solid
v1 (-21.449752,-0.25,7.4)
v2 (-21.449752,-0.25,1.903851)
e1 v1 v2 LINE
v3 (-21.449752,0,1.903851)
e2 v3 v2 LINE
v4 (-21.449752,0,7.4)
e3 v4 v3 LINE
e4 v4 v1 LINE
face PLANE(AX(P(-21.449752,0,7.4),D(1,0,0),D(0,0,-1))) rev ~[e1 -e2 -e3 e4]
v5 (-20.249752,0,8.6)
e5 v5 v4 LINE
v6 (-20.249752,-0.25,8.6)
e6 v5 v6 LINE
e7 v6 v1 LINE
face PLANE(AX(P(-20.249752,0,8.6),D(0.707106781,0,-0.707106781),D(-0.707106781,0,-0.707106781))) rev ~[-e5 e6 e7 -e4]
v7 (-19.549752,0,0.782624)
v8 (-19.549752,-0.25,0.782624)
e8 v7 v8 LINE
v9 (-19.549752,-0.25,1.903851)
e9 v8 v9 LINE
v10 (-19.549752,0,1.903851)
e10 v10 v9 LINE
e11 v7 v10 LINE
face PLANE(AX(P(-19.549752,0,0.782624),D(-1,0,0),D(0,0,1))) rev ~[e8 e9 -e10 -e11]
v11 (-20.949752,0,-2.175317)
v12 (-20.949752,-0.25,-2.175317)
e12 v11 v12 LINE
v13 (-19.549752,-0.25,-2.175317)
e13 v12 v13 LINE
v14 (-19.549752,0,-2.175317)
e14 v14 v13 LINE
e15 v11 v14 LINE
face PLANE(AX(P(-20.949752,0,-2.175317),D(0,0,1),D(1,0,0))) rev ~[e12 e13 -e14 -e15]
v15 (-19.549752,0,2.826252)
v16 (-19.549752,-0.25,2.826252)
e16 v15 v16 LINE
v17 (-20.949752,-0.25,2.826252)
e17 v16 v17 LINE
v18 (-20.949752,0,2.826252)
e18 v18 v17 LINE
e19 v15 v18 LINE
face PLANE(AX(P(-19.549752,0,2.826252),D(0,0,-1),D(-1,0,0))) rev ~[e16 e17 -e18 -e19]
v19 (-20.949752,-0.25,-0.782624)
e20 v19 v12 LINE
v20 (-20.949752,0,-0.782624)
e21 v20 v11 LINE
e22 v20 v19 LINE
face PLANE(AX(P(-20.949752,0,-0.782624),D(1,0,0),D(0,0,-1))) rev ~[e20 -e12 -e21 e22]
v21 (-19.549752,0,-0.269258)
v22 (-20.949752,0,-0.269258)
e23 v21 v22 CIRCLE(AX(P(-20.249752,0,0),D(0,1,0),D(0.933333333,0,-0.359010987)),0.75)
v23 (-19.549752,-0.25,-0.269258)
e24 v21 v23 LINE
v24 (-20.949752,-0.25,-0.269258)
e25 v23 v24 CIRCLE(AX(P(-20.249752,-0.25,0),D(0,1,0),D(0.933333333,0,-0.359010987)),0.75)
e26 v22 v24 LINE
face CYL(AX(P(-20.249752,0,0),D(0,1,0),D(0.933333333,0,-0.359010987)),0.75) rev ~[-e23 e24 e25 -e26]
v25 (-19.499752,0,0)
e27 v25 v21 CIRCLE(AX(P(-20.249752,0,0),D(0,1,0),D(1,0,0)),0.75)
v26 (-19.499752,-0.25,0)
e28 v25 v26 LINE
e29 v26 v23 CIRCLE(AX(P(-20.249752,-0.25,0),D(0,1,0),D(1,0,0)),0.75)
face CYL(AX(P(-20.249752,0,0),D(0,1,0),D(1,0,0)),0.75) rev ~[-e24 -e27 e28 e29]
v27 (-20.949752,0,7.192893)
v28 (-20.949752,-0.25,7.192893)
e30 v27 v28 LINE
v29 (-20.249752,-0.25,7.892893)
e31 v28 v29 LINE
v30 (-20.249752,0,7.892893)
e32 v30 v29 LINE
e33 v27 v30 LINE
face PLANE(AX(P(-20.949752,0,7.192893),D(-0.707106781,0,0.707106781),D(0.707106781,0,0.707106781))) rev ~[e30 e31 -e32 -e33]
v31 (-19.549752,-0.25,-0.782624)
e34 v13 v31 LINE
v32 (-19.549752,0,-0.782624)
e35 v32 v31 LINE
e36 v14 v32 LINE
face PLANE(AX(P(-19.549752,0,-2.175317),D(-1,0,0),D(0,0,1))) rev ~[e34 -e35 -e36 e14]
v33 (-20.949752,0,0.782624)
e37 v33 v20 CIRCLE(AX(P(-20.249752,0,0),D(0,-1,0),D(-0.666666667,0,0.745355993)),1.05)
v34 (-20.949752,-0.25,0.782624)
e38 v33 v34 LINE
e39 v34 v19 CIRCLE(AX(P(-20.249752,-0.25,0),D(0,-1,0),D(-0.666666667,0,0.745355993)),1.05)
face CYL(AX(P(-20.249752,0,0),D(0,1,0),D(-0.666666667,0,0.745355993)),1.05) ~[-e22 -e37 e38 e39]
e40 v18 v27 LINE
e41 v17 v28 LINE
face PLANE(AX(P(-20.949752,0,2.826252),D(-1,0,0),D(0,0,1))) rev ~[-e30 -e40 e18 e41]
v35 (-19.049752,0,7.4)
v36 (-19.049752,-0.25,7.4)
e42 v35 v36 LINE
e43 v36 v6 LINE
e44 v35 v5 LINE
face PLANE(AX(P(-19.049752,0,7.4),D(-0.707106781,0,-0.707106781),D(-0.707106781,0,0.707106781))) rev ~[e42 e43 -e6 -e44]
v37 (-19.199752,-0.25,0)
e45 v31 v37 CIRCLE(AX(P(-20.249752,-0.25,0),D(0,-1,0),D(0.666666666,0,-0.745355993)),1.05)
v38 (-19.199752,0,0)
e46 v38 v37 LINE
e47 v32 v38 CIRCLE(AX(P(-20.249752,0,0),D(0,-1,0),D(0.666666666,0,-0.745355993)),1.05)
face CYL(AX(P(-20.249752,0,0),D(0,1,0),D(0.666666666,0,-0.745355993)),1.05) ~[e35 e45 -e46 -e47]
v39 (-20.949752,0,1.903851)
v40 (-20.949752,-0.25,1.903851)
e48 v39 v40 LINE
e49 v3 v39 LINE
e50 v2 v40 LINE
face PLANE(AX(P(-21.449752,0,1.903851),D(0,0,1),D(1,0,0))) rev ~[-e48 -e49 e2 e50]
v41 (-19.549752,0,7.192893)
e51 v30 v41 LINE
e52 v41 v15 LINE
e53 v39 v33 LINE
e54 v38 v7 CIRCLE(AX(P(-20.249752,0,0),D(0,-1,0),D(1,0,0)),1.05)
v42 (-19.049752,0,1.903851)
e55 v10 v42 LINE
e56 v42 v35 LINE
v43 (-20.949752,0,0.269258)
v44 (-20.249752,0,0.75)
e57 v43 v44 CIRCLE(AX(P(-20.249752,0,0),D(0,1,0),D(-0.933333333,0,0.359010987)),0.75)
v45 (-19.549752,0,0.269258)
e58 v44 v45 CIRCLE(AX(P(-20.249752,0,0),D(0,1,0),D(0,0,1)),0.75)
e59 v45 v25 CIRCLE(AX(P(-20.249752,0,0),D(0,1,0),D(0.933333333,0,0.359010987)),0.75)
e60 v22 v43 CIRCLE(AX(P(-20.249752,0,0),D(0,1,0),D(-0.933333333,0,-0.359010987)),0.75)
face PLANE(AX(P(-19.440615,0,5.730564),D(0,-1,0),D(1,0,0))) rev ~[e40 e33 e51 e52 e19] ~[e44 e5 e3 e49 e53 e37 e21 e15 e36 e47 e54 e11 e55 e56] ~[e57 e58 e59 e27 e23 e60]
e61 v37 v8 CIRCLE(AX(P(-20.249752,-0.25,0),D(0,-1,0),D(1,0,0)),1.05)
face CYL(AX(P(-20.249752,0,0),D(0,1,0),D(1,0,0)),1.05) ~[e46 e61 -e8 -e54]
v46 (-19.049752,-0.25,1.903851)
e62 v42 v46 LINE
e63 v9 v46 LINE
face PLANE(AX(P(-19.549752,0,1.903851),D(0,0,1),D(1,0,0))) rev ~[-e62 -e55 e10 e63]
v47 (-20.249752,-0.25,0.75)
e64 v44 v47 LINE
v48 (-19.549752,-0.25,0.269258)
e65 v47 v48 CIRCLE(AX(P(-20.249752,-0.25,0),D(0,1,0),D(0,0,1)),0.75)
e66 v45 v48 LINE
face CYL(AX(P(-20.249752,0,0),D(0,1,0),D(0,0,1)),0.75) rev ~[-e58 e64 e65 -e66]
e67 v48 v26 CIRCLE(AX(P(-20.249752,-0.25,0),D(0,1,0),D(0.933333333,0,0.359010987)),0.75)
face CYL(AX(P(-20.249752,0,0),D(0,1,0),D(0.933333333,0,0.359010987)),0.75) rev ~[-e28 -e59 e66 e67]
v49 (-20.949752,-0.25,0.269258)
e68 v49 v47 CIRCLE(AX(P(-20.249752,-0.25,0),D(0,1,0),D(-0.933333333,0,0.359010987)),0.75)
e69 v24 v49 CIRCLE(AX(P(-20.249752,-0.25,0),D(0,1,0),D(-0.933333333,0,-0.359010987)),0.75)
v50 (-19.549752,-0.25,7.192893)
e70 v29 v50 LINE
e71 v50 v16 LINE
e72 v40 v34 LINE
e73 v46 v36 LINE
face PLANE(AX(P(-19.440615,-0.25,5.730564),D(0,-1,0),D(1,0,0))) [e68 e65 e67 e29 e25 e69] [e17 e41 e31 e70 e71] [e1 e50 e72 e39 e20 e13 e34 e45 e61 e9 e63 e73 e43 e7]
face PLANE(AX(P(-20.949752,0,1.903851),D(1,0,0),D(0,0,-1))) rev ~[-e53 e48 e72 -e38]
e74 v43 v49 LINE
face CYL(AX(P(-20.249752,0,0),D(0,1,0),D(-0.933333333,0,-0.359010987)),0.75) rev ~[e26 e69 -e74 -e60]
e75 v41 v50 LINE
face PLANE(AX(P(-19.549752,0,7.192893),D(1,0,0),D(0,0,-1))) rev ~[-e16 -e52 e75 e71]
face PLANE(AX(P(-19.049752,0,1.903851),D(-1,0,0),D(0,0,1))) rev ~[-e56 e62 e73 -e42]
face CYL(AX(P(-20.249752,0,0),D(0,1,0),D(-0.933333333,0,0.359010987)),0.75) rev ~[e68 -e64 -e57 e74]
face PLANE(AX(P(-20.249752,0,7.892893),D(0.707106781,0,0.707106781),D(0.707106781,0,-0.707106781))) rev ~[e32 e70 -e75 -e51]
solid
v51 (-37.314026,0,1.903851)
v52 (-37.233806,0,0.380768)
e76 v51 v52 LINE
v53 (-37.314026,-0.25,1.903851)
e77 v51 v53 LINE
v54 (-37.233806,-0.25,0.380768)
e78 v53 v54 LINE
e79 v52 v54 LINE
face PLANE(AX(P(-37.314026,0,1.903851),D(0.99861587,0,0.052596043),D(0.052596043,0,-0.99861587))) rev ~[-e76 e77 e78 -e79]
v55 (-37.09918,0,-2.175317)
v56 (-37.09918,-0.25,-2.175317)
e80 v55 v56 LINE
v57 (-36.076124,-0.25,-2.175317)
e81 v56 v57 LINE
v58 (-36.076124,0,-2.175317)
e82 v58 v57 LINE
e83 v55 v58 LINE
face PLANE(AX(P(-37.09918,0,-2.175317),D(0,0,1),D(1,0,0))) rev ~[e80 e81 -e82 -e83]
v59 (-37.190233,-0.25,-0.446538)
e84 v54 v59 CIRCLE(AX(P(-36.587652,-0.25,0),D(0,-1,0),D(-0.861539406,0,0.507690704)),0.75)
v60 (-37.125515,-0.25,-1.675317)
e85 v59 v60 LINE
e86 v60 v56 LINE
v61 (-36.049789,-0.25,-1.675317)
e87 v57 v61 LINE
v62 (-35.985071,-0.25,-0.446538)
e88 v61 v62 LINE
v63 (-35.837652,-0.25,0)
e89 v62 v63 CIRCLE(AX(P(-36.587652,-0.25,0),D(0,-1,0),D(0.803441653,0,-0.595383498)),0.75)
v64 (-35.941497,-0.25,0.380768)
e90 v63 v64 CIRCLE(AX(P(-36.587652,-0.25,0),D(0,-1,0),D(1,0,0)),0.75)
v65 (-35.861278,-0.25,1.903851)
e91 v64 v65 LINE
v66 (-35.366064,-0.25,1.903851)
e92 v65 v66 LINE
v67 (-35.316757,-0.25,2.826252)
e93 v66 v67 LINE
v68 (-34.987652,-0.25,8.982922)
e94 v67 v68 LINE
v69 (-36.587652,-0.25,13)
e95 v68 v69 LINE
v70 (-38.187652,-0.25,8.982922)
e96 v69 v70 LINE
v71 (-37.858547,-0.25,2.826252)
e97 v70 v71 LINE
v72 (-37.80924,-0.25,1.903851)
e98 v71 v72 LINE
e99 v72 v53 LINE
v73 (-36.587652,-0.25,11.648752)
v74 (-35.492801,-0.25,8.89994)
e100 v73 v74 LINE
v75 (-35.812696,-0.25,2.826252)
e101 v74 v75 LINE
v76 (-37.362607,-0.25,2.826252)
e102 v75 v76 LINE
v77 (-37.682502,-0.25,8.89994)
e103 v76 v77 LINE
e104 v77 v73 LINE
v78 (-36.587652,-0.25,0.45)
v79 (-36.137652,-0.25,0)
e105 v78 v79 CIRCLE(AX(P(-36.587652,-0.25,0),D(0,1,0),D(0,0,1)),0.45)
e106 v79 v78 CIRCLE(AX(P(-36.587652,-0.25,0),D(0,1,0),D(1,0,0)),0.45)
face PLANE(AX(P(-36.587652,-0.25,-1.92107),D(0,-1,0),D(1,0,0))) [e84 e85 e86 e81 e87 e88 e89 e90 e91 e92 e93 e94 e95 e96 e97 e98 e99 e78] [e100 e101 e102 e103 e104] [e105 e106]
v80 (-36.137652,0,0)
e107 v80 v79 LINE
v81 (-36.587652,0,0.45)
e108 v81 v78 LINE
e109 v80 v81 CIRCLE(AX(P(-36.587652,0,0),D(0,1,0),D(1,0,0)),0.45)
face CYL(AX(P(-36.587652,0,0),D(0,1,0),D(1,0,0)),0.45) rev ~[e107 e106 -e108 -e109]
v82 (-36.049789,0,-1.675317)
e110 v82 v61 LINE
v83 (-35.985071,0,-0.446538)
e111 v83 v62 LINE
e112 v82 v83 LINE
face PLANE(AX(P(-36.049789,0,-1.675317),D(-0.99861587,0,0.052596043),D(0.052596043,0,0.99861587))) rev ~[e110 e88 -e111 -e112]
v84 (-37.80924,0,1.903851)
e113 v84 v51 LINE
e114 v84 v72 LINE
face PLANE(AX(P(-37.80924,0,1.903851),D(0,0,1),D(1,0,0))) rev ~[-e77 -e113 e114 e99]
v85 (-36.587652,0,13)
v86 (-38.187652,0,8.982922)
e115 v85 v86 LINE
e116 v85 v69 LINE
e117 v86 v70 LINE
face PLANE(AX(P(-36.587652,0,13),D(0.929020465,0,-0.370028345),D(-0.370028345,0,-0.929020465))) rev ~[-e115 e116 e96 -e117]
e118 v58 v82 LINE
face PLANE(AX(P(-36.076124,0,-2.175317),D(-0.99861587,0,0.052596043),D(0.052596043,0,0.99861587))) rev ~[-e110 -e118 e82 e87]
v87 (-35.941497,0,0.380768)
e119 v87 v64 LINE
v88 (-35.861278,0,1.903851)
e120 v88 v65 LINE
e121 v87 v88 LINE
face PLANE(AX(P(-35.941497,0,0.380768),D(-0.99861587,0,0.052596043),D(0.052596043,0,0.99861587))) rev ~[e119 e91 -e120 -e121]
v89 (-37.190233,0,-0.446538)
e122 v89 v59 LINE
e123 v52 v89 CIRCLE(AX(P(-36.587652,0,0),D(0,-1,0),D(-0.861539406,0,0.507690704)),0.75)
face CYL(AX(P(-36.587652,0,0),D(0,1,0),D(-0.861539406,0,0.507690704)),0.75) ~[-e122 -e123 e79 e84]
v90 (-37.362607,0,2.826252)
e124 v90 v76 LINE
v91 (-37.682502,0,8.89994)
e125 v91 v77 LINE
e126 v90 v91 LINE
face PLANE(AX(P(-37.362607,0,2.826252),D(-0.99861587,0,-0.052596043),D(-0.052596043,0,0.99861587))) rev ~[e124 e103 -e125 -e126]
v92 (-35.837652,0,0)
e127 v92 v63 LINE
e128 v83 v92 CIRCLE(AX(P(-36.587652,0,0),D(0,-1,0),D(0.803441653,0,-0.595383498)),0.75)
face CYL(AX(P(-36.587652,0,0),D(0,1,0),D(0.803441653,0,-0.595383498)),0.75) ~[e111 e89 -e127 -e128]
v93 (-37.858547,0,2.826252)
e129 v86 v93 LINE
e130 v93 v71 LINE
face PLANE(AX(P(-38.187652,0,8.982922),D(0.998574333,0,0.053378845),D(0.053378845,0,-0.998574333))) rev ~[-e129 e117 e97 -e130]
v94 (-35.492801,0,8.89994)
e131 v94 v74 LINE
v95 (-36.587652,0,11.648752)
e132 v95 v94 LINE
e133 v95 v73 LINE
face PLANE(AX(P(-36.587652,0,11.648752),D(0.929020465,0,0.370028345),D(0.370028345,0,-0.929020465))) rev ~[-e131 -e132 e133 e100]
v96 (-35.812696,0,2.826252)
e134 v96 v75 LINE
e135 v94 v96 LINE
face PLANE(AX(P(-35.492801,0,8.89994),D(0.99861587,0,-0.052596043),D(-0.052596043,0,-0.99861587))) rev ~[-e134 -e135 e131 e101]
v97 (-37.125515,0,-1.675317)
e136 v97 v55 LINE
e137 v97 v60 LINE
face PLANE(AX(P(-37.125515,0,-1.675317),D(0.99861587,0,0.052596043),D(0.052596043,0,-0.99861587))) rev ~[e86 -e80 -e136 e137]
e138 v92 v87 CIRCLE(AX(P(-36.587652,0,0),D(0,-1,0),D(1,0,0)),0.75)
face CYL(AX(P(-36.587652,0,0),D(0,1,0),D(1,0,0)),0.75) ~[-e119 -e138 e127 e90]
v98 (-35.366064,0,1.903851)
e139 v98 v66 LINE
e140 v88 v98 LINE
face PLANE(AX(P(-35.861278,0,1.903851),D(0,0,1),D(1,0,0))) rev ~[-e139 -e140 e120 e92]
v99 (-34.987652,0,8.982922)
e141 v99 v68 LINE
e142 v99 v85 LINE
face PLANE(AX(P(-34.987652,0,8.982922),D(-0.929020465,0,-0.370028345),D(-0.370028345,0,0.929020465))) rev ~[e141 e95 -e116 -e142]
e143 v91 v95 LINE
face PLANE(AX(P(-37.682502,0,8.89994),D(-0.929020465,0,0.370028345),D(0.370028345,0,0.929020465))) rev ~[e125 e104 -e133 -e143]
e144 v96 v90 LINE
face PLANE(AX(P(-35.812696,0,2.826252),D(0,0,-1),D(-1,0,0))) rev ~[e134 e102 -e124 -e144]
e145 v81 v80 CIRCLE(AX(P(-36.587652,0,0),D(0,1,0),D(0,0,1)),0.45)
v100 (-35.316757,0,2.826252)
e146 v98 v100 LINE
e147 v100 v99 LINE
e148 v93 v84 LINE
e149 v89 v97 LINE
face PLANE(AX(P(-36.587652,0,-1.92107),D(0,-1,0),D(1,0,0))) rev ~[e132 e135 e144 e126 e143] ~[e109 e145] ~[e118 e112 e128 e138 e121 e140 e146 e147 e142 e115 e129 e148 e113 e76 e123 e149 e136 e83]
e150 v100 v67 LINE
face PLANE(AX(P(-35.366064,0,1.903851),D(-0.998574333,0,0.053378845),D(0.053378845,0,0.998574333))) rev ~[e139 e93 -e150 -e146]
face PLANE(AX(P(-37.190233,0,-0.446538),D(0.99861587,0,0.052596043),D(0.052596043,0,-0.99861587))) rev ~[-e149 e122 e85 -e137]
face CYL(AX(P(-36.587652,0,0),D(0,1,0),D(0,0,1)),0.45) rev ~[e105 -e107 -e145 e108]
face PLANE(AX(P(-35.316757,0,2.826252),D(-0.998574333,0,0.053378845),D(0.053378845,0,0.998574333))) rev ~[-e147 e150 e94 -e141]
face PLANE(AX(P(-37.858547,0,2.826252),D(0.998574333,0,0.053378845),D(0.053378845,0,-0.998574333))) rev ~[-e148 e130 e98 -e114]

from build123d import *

# Parameters (mm, degrees)
F1_DEPTH = 0.25
F0_W     = 1.4
F0_H     = 0.5
F0_W_2   = 0.5
F0_H_2   = 0.9224010788
F0_W_3   = 0.7


with BuildPart() as f1:
    # F0 (on Front) → F1 (new body)
    with BuildSketch(Plane.XZ):
        Polygon((-37.0991800716, -2.1753170716), (-36.0761235664, -2.1753170716), (-36.0497890945, -1.6753170716), (-37.1255145435, -1.6753170716), align=None)
        Polygon((-34.987651819, 8.9829219505), (-36.587651819, 13), (-36.587651819, 11.6487521661), (-35.4928014695, 8.8999400996), (-35.8126961933, 2.8262522461), (-35.316756933, 2.8262522461), align=None)
        Polygon((-36.587651819, 11.6487521661), (-36.587651819, 13), (-38.187651819, 8.9829219505), (-37.858546705, 2.8262522461), (-37.3626074446, 2.8262522461), (-37.6825021685, 8.8999400996), align=None)
        with BuildLine():
            ThreePointArc((-35.941497264, 0.380768028), (-36.2155470091, 0.6511820103), (-36.587651819, 0.75))
            ThreePointArc((-36.587651819, 0.75), (-36.9597566288, 0.6511820103), (-37.2338063739, 0.380768028))
            ThreePointArc((-37.2338063739, 0.380768028), (-37.3366137217, -0.0394470323), (-37.1902330591, -0.4465376233))
            ThreePointArc((-37.1902330591, -0.4465376233), (-36.587651819, -0.75), (-35.9850705789, -0.4465376233))
            ThreePointArc((-35.9850705789, -0.4465376233), (-35.8754594538, -0.2351213196), (-35.837651819, 0))
            ThreePointArc((-35.837651819, 0), (-35.8640787694, 0.1973373809), (-35.941497264, 0.380768028))
        make_face()
        with BuildLine():
            ThreePointArc((-36.137651819, 0), (-36.9058498705, -0.3181980515), (-36.587651819, 0.45))
            ThreePointArc((-36.587651819, 0.45), (-36.2694537675, 0.3181980515), (-36.137651819, 0))
        make_face(mode=Mode.SUBTRACT)
        with BuildLine():
            Line((-37.1902330591, -0.4465376233), (-37.1255145435, -1.6753170716))
            Line((-37.1255145435, -1.6753170716), (-36.0497890945, -1.6753170716))
            Line((-36.0497890945, -1.6753170716), (-35.9850705789, -0.4465376233))
            ThreePointArc((-35.9850705789, -0.4465376233), (-36.587651819, -0.75), (-37.1902330591, -0.4465376233))
        make_face()
        with BuildLine():
            Line((-35.8612780839, 1.9038511673), (-36.587651819, 1.9038511673))
            Line((-36.587651819, 1.9038511673), (-36.587651819, 0.75))
            ThreePointArc((-36.587651819, 0.75), (-36.2155470091, 0.6511820103), (-35.941497264, 0.380768028))
            Line((-35.941497264, 0.380768028), (-35.8612780839, 1.9038511673))
        make_face()
        with BuildLine():
            Line((-36.587651819, 0.75), (-36.587651819, 1.9038511673))
            Line((-36.587651819, 1.9038511673), (-37.3140255541, 1.9038511673))
            Line((-37.3140255541, 1.9038511673), (-37.2338063739, 0.380768028))
            ThreePointArc((-37.2338063739, 0.380768028), (-36.9597566288, 0.6511820103), (-36.587651819, 0.75))
        make_face()
        Polygon((-37.3626074446, 2.8262522461), (-37.858546705, 2.8262522461), (-37.8092397051, 1.9038511673), (-37.3140255541, 1.9038511673), align=None)
        Polygon((-36.587651819, 1.9038511673), (-36.587651819, 2.8262522461), (-37.3626074446, 2.8262522461), (-37.3140255541, 1.9038511673), align=None)
        Polygon((-35.8126961933, 2.8262522461), (-36.587651819, 2.8262522461), (-36.587651819, 1.9038511673), (-35.8612780839, 1.9038511673), align=None)
        Polygon((-35.3660639329, 1.9038511673), (-35.316756933, 2.8262522461), (-35.8126961933, 2.8262522461), (-35.8612780839, 1.9038511673), align=None)
    extrude(amount=F1_DEPTH)


with BuildPart() as f1b:
    # F0 (on Front) → F1, piece 2 (new body)
    with BuildSketch(Plane.XZ):
        Polygon((-19.0497518182, 7.4), (-20.2497518182, 8.6), (-20.2497518182, 7.8928932188), (-19.5497518182, 7.1928932188), (-19.5497518182, 2.8262522461), (-19.0497518182, 2.8262522461), align=None)
        Polygon((-21.4497518182, 7.4), (-21.4497518182, 2.8262522461), (-20.9497518182, 2.8262522461), (-20.9497518182, 7.1928932188), (-20.2497518182, 7.8928932188), (-20.2497518182, 8.6), align=None)
        with BuildLine():
            ThreePointArc((-19.5497518182, 0.7826237921), (-19.8750886239, 0.9808809769), (-20.2497518182, 1.05))
            Line((-20.2497518182, 1.05), (-20.2497518182, 0.75))
            ThreePointArc((-20.2497518182, 0.75), (-19.8251600615, 0.618240924), (-19.5497518182, 0.2692582404))
            Line((-19.5497518182, 0.2692582404), (-19.5497518182, 0.7826237921))
        make_face()
        with BuildLine():
            ThreePointArc((-20.2497518182, 1.05), (-20.6244150124, 0.9808809769), (-20.9497518182, 0.7826237921))
            Line((-20.9497518182, 0.7826237921), (-20.9497518182, 0.2692582404))
            ThreePointArc((-20.9497518182, 0.2692582404), (-20.6743435749, 0.618240924), (-20.2497518182, 0.75))
            Line((-20.2497518182, 0.75), (-20.2497518182, 1.05))
        make_face()
        with BuildLine():
            Line((-20.9497518182, 0.2692582404), (-20.9497518182, 0.7826237921))
            ThreePointArc((-20.9497518182, 0.7826237921), (-21.2997518182, 0), (-20.9497518182, -0.7826237921))
            Line((-20.9497518182, -0.7826237921), (-20.9497518182, -0.2692582404))
            ThreePointArc((-20.9497518182, -0.2692582404), (-20.9997518182, 0), (-20.9497518182, 0.2692582404))
        make_face()
        with BuildLine():
            Line((-20.9497518182, -0.2692582404), (-20.9497518182, -0.7826237921))
            ThreePointArc((-20.9497518182, -0.7826237921), (-20.2497518182, -1.05), (-19.5497518182, -0.7826237921))
            Line((-19.5497518182, -0.7826237921), (-19.5497518182, -0.2692582404))
            ThreePointArc((-19.5497518182, -0.2692582404), (-20.2497518182, -0.75), (-20.9497518182, -0.2692582404))
        make_face()
        with BuildLine():
            Line((-19.5497518182, -0.2692582404), (-19.5497518182, -0.7826237921))
            ThreePointArc((-19.5497518182, -0.7826237921), (-19.2912373425, -0.428660705), (-19.1997518182, 0))
            ThreePointArc((-19.1997518182, 0), (-19.2912373425, 0.428660705), (-19.5497518182, 0.7826237921))
            Line((-19.5497518182, 0.7826237921), (-19.5497518182, 0.2692582404))
            ThreePointArc((-19.5497518182, 0.2692582404), (-19.512357758, 0.1369306394), (-19.4997518182, 0))
            ThreePointArc((-19.4997518182, 0), (-19.512357758, -0.1369306394), (-19.5497518182, -0.2692582404))
        make_face()
        with Locations((-20.2497518182, -1.9253170716)):
            Rectangle(F0_W, F0_H)
        with BuildLine():
            Line((-20.9497518182, -0.7826237921), (-20.9497518182, -1.6753170716))
            Line((-20.9497518182, -1.6753170716), (-19.5497518182, -1.6753170716))
            Line((-19.5497518182, -1.6753170716), (-19.5497518182, -0.7826237921))
            ThreePointArc((-19.5497518182, -0.7826237921), (-20.2497518182, -1.05), (-20.9497518182, -0.7826237921))
        make_face()
        with BuildLine():
            Line((-19.5497518182, 1.9038511673), (-20.2497518182, 1.9038511673))
            Line((-20.2497518182, 1.9038511673), (-20.2497518182, 1.05))
            ThreePointArc((-20.2497518182, 1.05), (-19.8750886239, 0.9808809769), (-19.5497518182, 0.7826237921))
            Line((-19.5497518182, 0.7826237921), (-19.5497518182, 1.9038511673))
        make_face()
        with BuildLine():
            Line((-20.2497518182, 1.9038511673), (-20.9497518182, 1.9038511673))
            Line((-20.9497518182, 1.9038511673), (-20.9497518182, 0.7826237921))
            ThreePointArc((-20.9497518182, 0.7826237921), (-20.6244150124, 0.9808809769), (-20.2497518182, 1.05))
            Line((-20.2497518182, 1.05), (-20.2497518182, 1.9038511673))
        make_face()
        with Locations((-21.1997518182, 2.3650517067)):
            Rectangle(F0_W_2, F0_H_2)
        with Locations((-19.2997518182, 2.3650517067)):
            Rectangle(F0_W_2, F0_H_2)
        with Locations((-19.8997518182, 2.3650517067)):
            Rectangle(F0_W_3, F0_H_2)
        with Locations((-20.5997518182, 2.3650517067)):
            Rectangle(F0_W_3, F0_H_2)
    extrude(amount=F1_DEPTH)


solid = Compound([f1.part, f1b.part])
